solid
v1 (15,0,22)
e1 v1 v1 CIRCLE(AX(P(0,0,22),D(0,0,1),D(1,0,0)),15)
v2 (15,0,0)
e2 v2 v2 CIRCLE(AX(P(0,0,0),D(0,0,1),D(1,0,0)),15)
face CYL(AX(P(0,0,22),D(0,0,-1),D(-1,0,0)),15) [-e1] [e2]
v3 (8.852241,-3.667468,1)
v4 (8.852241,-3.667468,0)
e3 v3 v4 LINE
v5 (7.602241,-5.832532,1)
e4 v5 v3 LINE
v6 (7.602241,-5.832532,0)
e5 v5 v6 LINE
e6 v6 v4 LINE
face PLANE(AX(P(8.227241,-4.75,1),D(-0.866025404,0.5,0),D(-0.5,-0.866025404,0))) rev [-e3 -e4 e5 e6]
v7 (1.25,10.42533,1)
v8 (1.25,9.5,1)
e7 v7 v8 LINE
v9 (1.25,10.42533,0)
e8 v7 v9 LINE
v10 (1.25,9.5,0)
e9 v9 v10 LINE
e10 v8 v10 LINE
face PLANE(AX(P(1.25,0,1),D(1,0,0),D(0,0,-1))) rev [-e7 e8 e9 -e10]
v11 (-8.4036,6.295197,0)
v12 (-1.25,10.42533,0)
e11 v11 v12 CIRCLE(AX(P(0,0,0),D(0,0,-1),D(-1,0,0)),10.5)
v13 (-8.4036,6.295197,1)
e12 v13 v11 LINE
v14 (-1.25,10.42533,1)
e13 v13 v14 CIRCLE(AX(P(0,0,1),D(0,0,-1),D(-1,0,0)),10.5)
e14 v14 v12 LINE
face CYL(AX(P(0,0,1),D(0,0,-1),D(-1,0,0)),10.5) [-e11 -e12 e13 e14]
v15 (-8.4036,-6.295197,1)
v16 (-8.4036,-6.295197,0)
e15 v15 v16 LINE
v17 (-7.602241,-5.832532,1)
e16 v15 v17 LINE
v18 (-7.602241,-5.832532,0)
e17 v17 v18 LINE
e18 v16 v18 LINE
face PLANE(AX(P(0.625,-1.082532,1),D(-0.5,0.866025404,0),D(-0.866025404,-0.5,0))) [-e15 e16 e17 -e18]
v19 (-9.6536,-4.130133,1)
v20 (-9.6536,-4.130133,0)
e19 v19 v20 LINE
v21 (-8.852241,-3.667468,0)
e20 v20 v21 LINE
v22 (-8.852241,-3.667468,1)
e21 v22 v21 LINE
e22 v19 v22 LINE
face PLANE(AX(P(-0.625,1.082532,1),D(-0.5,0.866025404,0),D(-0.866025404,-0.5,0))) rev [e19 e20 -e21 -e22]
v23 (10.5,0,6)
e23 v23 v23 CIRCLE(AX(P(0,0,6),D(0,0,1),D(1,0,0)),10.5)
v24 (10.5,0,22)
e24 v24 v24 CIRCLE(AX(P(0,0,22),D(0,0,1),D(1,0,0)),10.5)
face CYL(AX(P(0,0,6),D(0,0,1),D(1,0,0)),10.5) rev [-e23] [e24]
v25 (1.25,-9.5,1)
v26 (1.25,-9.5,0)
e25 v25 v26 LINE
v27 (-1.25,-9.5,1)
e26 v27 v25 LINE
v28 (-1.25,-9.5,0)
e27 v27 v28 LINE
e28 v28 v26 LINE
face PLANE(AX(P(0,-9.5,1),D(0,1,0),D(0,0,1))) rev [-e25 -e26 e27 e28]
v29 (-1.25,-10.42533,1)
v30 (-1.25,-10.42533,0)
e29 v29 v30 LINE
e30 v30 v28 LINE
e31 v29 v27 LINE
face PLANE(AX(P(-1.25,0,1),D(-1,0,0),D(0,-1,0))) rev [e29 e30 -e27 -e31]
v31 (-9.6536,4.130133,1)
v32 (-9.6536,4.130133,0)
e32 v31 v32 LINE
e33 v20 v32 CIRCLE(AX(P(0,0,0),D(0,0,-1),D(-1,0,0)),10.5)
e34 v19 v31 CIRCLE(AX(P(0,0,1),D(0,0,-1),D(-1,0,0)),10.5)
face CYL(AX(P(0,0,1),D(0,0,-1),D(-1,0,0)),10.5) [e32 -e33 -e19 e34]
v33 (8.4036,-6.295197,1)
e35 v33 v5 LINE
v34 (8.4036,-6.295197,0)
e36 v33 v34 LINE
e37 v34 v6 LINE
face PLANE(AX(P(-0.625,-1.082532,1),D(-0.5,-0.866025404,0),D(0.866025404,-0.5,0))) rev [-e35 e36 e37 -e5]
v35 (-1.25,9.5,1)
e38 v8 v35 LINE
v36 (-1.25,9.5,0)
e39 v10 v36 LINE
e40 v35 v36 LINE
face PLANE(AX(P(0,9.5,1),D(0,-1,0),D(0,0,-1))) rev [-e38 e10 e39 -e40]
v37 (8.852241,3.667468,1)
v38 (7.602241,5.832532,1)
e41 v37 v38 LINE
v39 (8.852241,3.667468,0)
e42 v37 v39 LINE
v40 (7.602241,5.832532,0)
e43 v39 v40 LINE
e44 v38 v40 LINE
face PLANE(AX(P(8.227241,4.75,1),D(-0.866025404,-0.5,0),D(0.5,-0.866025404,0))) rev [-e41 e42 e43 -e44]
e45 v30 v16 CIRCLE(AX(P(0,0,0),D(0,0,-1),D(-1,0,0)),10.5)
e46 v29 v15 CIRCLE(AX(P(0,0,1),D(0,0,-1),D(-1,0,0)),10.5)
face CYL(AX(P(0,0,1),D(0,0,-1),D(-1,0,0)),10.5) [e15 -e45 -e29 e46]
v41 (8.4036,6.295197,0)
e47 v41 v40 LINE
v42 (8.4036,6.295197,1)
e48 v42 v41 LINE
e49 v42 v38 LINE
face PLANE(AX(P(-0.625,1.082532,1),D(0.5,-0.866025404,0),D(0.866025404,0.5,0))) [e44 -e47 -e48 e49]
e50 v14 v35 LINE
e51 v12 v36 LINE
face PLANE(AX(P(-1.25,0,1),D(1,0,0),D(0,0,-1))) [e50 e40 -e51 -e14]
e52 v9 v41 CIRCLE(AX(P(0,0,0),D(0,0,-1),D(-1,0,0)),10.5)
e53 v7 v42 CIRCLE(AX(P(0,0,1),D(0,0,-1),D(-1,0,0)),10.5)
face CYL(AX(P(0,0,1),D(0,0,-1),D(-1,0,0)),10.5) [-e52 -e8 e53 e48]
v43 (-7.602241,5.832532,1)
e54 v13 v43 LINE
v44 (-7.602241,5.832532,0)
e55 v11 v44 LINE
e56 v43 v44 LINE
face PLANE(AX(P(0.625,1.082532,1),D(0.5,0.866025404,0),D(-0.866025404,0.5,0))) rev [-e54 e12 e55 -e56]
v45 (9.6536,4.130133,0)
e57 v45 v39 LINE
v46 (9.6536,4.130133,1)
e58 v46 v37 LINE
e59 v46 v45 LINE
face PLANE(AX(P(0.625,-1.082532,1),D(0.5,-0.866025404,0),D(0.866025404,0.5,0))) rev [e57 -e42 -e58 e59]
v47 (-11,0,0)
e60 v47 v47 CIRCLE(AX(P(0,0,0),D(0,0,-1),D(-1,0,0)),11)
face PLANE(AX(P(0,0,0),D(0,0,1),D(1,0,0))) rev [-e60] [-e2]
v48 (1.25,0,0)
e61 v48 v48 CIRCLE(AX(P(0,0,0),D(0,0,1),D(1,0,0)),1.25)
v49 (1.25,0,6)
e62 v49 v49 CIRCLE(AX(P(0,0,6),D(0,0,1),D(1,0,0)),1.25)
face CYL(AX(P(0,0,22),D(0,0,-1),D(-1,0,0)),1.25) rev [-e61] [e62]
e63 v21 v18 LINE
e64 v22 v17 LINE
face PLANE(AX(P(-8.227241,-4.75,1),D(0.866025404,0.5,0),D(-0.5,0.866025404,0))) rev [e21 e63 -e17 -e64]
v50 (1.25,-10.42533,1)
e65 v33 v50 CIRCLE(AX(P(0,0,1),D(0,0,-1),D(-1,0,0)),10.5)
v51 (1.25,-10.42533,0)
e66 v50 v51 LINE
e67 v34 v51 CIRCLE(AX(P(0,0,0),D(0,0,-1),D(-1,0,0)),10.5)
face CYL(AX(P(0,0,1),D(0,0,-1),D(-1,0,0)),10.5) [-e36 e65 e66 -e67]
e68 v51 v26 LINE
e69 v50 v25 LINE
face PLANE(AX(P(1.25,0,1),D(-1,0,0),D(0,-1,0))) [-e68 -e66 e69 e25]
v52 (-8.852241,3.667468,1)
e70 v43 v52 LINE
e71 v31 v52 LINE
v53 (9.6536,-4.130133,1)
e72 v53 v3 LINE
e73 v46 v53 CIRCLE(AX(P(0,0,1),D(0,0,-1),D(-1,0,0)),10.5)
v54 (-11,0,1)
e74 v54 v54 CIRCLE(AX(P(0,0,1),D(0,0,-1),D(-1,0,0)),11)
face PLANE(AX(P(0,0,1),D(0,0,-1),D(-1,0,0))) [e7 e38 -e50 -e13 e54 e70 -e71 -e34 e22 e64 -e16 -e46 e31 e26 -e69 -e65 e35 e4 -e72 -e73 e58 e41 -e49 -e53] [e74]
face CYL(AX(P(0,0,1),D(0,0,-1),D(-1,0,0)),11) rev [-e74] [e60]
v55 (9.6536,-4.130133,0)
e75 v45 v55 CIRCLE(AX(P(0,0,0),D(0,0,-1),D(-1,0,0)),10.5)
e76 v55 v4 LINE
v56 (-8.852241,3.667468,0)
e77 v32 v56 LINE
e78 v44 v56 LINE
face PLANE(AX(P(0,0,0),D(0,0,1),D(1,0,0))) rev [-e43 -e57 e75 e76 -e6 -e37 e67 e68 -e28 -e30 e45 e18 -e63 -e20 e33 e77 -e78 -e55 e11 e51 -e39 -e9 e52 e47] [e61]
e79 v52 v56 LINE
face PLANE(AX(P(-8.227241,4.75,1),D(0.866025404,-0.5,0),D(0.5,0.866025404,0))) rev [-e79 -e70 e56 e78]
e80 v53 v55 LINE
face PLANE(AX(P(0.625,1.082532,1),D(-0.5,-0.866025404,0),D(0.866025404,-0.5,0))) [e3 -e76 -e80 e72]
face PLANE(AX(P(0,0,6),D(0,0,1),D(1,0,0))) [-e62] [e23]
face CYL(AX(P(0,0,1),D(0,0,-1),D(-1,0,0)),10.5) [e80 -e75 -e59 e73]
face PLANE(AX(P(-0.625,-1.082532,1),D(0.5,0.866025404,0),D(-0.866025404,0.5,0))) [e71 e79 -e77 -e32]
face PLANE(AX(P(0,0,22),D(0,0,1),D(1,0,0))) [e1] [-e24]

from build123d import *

# Parameters (mm, degrees)
CROQUIS1_R                 = 15
SALIENTE_EXTRUIR1_DEPTH    = 22
CROQUIS2_R                 = 10.5
CORTAR_EXTRUIR1_DEPTH      = 16
CORTAR_EXTRUIR2_START      = -1
CORTAR_EXTRUIR2_DEPTH      = 1
CORTAR_EXTRUIR3_START      = -1
CROQUIS5_R                 = 11
CROQUIS5_R_2               = 10.5
CORTAR_EXTRUIR3_DEPTH      = 1
CORTAR_EXTRUIR4_DEPTH      = 31.56141358
CORTAR_EXTRUIR4_DEPTH_BACK = 31.56141358
CROQUIS6_R                 = 1.25


with BuildPart() as part:
    # Croquis1 → Saliente-Extruir1 (new body)
    with BuildSketch(Plane.XY):
        Circle(CROQUIS1_R)
    extrude(amount=SALIENTE_EXTRUIR1_DEPTH)

    # Croquis2 → Cortar-Extruir1 (cut)
    with BuildSketch(Plane.XY.offset(22)):
        Circle(CROQUIS2_R)
    extrude(amount=-CORTAR_EXTRUIR1_DEPTH, mode=Mode.SUBTRACT)

    # Croquis3 → Cortar-Extruir2 (cut)
    with BuildSketch(Plane(origin=(0, 0, 0), x_dir=(-1, 0, 0), z_dir=(0, 0, -1)).offset(CORTAR_EXTRUIR2_START)):
        with BuildLine():
            ThreePointArc((1.25, 10.425329731), (0, 10.5), (-1.25, 10.425329731))
            Line((-1.25, 10.425329731), (-1.25, 9.5))
            Line((-1.25, 9.5), (1.25, 9.5))
            Line((1.25, 9.5), (1.25, 10.425329731))
        make_face()
        with BuildLine():
            Line((-7.602241336, 5.832531755), (-8.40360039, 6.29519662))
            ThreePointArc((-8.40360039, 6.29519662), (-9.09326674, 5.25), (-9.65360039, 4.130133111))
            Line((-9.65360039, 4.130133111), (-8.852241336, 3.667468245))
            Line((-8.852241336, 3.667468245), (-7.602241336, 5.832531755))
        make_face()
        with BuildLine():
            ThreePointArc((9.65360039, 4.130133111), (9.09326674, 5.25), (8.40360039, 6.29519662))
            Line((8.40360039, 6.29519662), (7.602241336, 5.832531755))
            Line((7.602241336, 5.832531755), (8.852241336, 3.667468245))
            Line((8.852241336, 3.667468245), (9.65360039, 4.130133111))
        make_face()
        with BuildLine():
            Line((-8.852241336, -3.667468245), (-9.65360039, -4.130133111))
            ThreePointArc((-9.65360039, -4.130133111), (-9.09326674, -5.25), (-8.40360039, -6.29519662))
            Line((-8.40360039, -6.29519662), (-7.602241336, -5.832531755))
            Line((-7.602241336, -5.832531755), (-8.852241336, -3.667468245))
        make_face()
        with BuildLine():
            ThreePointArc((8.40360039, -6.29519662), (9.09326674, -5.25), (9.65360039, -4.130133111))
            Line((9.65360039, -4.130133111), (8.852241336, -3.667468245))
            Line((8.852241336, -3.667468245), (7.602241336, -5.832531755))
            Line((7.602241336, -5.832531755), (8.40360039, -6.29519662))
        make_face()
        with BuildLine():
            Line((-1.25, -9.5), (-1.25, -10.425329731))
            ThreePointArc((-1.25, -10.425329731), (0, -10.5), (1.25, -10.425329731))
            Line((1.25, -10.425329731), (1.25, -9.5))
            Line((1.25, -9.5), (-1.25, -9.5))
        make_face()
    extrude(amount=CORTAR_EXTRUIR2_DEPTH, mode=Mode.SUBTRACT)

    # Croquis5 → Cortar-Extruir3 (cut)
    with BuildSketch(Plane(origin=(0, 0, 0), x_dir=(-1, 0, 0), z_dir=(0, 0, -1)).offset(CORTAR_EXTRUIR3_START)):
        Circle(CROQUIS5_R)
        Circle(CROQUIS5_R_2, mode=Mode.SUBTRACT)
    extrude(amount=CORTAR_EXTRUIR3_DEPTH, mode=Mode.SUBTRACT)

    # Croquis6 → Cortar-Extruir4 (cut, two sides: drawn at the far end of the back side and taken through both)
    with BuildSketch(Plane(origin=(0, 0, 0), x_dir=(-1, 0, 0), z_dir=(0, 0, -1)).offset(-CORTAR_EXTRUIR4_DEPTH_BACK)):
        Circle(CROQUIS6_R)
    extrude(amount=CORTAR_EXTRUIR4_DEPTH + CORTAR_EXTRUIR4_DEPTH_BACK, mode=Mode.SUBTRACT)


solid = part.part
